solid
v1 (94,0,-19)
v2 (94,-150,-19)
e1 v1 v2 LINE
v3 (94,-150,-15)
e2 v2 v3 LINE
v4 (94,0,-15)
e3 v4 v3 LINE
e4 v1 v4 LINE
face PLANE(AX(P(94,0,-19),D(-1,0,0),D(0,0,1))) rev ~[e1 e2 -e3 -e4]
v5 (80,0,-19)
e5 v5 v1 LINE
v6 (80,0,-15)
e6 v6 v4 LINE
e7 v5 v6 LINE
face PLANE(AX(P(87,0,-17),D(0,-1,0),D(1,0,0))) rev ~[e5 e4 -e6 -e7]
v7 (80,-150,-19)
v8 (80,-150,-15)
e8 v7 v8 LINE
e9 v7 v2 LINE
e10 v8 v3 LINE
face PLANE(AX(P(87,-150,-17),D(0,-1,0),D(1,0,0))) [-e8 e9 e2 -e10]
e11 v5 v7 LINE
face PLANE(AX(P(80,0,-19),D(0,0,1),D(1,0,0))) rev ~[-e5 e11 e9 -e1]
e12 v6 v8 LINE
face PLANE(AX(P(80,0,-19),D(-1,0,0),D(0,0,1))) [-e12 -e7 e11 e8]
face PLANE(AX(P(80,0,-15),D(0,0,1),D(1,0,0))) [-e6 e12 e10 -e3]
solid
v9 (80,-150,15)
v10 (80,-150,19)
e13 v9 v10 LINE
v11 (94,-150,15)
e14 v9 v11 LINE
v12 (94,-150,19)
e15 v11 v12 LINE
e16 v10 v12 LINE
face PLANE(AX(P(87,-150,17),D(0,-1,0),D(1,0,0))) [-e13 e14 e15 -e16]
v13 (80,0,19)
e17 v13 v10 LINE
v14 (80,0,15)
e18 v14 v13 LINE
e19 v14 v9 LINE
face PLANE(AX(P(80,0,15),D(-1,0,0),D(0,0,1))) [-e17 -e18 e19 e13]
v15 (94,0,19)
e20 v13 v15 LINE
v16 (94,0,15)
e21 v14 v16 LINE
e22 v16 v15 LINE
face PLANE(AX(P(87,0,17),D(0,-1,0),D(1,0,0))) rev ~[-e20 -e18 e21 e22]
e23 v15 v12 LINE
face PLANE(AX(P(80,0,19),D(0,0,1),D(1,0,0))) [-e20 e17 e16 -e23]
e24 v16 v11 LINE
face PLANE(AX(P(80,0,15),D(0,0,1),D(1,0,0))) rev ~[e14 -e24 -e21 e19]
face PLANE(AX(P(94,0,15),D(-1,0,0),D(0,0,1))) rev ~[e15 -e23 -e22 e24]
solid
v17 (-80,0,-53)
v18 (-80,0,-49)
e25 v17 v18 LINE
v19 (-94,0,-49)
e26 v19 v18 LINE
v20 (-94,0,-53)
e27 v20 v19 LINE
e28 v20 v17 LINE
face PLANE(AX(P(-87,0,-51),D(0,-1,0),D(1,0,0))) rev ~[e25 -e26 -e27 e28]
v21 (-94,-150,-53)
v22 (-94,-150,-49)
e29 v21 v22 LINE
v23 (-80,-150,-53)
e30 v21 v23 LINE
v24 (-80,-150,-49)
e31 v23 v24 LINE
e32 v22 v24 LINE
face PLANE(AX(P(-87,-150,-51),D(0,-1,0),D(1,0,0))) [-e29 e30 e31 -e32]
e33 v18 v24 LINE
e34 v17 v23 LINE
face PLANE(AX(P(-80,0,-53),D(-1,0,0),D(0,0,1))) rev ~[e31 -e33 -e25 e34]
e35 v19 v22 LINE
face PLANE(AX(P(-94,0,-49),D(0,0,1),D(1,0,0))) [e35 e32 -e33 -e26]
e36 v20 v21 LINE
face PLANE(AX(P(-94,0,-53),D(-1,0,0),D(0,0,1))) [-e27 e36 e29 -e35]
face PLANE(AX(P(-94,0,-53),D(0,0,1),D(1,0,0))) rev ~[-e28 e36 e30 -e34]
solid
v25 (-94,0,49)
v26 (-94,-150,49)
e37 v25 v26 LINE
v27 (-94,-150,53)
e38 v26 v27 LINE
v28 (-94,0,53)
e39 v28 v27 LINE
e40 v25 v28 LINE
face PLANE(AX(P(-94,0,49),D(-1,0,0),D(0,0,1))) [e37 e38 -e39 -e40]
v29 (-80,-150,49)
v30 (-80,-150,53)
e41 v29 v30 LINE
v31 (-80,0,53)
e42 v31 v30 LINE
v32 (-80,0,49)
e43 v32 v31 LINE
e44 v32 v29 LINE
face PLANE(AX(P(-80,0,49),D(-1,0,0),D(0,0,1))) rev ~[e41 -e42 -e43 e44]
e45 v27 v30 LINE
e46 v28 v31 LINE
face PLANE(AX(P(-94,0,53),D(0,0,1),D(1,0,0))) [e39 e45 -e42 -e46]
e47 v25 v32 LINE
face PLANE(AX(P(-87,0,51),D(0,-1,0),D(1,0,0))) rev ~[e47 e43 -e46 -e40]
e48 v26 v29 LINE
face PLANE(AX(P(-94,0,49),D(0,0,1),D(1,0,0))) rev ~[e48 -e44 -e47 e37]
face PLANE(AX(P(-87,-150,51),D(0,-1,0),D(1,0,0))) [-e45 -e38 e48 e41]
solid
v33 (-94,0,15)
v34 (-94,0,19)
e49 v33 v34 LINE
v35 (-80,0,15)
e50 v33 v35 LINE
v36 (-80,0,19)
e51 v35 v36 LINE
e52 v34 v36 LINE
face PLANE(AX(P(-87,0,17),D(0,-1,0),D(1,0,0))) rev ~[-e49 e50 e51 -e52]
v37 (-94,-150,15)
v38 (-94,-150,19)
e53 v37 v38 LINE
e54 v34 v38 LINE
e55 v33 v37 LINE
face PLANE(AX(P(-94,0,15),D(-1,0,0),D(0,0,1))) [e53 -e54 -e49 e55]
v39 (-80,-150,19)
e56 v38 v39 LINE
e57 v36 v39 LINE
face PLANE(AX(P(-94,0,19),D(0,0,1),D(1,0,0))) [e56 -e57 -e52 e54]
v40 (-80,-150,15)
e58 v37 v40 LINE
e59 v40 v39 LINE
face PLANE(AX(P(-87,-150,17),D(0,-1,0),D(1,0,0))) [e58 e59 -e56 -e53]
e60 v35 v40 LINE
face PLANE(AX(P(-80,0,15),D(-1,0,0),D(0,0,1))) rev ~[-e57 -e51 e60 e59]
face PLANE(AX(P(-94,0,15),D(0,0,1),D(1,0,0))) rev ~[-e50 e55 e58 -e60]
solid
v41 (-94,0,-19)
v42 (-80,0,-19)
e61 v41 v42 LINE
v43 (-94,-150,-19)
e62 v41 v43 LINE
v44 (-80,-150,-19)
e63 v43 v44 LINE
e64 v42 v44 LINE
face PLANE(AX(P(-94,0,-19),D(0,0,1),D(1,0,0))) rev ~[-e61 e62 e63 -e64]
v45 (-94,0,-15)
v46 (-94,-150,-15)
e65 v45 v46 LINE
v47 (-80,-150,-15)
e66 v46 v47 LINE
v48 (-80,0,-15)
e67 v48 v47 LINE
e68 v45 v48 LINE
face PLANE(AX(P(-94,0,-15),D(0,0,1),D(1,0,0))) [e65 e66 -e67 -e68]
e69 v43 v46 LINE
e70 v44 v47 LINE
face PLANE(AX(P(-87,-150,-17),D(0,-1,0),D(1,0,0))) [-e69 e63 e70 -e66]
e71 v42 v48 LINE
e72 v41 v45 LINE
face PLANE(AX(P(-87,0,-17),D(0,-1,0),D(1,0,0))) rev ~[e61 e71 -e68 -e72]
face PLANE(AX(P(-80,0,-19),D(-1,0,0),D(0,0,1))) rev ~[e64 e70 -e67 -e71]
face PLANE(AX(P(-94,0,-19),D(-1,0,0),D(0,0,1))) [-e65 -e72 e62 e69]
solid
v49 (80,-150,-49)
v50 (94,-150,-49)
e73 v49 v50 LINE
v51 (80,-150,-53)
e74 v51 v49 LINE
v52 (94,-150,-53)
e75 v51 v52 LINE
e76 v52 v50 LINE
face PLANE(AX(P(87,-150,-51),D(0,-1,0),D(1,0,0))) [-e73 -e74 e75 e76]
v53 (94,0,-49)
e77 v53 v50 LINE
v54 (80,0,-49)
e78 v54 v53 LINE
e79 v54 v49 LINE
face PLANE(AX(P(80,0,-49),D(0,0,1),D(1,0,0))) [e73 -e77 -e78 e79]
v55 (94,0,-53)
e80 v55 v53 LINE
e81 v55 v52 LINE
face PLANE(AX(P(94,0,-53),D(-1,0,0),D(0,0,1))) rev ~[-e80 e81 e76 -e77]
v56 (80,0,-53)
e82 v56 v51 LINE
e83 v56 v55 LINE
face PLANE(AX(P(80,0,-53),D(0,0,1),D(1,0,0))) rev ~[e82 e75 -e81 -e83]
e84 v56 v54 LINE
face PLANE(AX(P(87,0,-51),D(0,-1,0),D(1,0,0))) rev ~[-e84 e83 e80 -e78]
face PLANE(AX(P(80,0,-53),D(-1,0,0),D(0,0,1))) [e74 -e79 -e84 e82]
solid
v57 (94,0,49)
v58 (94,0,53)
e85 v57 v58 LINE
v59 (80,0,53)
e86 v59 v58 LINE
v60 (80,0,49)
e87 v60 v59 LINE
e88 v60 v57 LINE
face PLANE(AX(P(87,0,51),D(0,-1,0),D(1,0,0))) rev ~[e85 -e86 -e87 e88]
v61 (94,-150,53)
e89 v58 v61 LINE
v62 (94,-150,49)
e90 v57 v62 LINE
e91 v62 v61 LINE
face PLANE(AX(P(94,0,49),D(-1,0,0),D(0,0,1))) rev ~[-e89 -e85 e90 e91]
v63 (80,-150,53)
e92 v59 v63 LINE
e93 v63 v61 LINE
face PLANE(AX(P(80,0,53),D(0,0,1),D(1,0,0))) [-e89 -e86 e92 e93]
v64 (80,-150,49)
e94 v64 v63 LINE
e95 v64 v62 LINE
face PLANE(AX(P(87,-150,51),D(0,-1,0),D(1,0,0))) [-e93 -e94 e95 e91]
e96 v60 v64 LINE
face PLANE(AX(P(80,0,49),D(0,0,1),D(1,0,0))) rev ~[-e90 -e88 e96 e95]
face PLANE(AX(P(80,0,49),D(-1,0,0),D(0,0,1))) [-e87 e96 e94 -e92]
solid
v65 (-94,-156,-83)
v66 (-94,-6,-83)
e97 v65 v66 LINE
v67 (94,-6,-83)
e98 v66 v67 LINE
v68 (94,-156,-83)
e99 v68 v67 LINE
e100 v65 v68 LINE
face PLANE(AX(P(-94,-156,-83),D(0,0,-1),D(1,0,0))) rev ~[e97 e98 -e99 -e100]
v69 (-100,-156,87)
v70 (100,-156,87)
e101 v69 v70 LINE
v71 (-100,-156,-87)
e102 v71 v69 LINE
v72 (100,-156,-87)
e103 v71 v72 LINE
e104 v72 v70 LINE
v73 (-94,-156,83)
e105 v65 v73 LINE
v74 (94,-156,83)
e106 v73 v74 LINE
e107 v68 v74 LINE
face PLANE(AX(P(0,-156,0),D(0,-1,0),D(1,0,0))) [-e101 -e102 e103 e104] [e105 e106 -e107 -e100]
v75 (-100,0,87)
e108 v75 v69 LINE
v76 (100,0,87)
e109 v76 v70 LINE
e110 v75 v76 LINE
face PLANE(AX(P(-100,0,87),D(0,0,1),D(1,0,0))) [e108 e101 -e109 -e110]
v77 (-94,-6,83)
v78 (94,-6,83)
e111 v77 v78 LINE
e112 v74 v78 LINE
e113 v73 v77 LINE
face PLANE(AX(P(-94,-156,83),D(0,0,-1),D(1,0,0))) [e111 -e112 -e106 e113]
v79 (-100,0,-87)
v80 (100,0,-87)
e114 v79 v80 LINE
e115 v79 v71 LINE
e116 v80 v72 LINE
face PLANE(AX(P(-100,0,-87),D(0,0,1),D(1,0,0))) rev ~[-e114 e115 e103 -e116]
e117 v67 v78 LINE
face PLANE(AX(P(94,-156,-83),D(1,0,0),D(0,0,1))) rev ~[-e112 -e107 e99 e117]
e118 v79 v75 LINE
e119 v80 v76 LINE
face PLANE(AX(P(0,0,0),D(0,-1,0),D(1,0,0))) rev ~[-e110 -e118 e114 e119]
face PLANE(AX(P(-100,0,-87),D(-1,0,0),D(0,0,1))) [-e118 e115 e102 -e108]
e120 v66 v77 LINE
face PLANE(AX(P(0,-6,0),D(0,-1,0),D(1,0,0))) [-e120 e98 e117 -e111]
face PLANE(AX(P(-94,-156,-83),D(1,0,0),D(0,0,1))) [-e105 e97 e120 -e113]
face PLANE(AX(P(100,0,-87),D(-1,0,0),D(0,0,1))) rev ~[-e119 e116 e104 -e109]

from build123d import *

# Parameters (mm, degrees)
F0_W     = 200
F0_H     = 174
F1_DEPTH = 156
F2_W     = 188
F2_H     = 166
F3_DEPTH = 150
F4_W     = 14
F4_H     = 4
F5_DEPTH = 150


with BuildPart() as f1:
    # F0 (on Front) → F1 (new body)
    with BuildSketch(Plane.XZ):
        Rectangle(F0_W, F0_H)
    extrude(amount=F1_DEPTH)

    # F2 (on face) → F3 (cut)
    with BuildSketch(Plane.XZ.offset(156)):
        Rectangle(F2_W, F2_H)
    extrude(amount=-F3_DEPTH, mode=Mode.SUBTRACT)


with BuildPart() as f5:
    # F4 (on Front) → F5 (new body)
    with BuildSketch(Plane.XZ):
        with Locations((-87, 51)):
            Rectangle(F4_W, F4_H)
        with Locations((-87, 17)):
            Rectangle(F4_W, F4_H)
        with Locations((-87, -17)):
            Rectangle(F4_W, F4_H)
        with Locations((-87, -51)):
            Rectangle(F4_W, F4_H)
        with Locations((87, -51)):
            Rectangle(F4_W, F4_H)
        with Locations((87, -17)):
            Rectangle(F4_W, F4_H)
        with Locations((87, 17)):
            Rectangle(F4_W, F4_H)
        with Locations((87, 51)):
            Rectangle(F4_W, F4_H)
    extrude(amount=F5_DEPTH)


solid = Compound([f1.part, f5.part])
